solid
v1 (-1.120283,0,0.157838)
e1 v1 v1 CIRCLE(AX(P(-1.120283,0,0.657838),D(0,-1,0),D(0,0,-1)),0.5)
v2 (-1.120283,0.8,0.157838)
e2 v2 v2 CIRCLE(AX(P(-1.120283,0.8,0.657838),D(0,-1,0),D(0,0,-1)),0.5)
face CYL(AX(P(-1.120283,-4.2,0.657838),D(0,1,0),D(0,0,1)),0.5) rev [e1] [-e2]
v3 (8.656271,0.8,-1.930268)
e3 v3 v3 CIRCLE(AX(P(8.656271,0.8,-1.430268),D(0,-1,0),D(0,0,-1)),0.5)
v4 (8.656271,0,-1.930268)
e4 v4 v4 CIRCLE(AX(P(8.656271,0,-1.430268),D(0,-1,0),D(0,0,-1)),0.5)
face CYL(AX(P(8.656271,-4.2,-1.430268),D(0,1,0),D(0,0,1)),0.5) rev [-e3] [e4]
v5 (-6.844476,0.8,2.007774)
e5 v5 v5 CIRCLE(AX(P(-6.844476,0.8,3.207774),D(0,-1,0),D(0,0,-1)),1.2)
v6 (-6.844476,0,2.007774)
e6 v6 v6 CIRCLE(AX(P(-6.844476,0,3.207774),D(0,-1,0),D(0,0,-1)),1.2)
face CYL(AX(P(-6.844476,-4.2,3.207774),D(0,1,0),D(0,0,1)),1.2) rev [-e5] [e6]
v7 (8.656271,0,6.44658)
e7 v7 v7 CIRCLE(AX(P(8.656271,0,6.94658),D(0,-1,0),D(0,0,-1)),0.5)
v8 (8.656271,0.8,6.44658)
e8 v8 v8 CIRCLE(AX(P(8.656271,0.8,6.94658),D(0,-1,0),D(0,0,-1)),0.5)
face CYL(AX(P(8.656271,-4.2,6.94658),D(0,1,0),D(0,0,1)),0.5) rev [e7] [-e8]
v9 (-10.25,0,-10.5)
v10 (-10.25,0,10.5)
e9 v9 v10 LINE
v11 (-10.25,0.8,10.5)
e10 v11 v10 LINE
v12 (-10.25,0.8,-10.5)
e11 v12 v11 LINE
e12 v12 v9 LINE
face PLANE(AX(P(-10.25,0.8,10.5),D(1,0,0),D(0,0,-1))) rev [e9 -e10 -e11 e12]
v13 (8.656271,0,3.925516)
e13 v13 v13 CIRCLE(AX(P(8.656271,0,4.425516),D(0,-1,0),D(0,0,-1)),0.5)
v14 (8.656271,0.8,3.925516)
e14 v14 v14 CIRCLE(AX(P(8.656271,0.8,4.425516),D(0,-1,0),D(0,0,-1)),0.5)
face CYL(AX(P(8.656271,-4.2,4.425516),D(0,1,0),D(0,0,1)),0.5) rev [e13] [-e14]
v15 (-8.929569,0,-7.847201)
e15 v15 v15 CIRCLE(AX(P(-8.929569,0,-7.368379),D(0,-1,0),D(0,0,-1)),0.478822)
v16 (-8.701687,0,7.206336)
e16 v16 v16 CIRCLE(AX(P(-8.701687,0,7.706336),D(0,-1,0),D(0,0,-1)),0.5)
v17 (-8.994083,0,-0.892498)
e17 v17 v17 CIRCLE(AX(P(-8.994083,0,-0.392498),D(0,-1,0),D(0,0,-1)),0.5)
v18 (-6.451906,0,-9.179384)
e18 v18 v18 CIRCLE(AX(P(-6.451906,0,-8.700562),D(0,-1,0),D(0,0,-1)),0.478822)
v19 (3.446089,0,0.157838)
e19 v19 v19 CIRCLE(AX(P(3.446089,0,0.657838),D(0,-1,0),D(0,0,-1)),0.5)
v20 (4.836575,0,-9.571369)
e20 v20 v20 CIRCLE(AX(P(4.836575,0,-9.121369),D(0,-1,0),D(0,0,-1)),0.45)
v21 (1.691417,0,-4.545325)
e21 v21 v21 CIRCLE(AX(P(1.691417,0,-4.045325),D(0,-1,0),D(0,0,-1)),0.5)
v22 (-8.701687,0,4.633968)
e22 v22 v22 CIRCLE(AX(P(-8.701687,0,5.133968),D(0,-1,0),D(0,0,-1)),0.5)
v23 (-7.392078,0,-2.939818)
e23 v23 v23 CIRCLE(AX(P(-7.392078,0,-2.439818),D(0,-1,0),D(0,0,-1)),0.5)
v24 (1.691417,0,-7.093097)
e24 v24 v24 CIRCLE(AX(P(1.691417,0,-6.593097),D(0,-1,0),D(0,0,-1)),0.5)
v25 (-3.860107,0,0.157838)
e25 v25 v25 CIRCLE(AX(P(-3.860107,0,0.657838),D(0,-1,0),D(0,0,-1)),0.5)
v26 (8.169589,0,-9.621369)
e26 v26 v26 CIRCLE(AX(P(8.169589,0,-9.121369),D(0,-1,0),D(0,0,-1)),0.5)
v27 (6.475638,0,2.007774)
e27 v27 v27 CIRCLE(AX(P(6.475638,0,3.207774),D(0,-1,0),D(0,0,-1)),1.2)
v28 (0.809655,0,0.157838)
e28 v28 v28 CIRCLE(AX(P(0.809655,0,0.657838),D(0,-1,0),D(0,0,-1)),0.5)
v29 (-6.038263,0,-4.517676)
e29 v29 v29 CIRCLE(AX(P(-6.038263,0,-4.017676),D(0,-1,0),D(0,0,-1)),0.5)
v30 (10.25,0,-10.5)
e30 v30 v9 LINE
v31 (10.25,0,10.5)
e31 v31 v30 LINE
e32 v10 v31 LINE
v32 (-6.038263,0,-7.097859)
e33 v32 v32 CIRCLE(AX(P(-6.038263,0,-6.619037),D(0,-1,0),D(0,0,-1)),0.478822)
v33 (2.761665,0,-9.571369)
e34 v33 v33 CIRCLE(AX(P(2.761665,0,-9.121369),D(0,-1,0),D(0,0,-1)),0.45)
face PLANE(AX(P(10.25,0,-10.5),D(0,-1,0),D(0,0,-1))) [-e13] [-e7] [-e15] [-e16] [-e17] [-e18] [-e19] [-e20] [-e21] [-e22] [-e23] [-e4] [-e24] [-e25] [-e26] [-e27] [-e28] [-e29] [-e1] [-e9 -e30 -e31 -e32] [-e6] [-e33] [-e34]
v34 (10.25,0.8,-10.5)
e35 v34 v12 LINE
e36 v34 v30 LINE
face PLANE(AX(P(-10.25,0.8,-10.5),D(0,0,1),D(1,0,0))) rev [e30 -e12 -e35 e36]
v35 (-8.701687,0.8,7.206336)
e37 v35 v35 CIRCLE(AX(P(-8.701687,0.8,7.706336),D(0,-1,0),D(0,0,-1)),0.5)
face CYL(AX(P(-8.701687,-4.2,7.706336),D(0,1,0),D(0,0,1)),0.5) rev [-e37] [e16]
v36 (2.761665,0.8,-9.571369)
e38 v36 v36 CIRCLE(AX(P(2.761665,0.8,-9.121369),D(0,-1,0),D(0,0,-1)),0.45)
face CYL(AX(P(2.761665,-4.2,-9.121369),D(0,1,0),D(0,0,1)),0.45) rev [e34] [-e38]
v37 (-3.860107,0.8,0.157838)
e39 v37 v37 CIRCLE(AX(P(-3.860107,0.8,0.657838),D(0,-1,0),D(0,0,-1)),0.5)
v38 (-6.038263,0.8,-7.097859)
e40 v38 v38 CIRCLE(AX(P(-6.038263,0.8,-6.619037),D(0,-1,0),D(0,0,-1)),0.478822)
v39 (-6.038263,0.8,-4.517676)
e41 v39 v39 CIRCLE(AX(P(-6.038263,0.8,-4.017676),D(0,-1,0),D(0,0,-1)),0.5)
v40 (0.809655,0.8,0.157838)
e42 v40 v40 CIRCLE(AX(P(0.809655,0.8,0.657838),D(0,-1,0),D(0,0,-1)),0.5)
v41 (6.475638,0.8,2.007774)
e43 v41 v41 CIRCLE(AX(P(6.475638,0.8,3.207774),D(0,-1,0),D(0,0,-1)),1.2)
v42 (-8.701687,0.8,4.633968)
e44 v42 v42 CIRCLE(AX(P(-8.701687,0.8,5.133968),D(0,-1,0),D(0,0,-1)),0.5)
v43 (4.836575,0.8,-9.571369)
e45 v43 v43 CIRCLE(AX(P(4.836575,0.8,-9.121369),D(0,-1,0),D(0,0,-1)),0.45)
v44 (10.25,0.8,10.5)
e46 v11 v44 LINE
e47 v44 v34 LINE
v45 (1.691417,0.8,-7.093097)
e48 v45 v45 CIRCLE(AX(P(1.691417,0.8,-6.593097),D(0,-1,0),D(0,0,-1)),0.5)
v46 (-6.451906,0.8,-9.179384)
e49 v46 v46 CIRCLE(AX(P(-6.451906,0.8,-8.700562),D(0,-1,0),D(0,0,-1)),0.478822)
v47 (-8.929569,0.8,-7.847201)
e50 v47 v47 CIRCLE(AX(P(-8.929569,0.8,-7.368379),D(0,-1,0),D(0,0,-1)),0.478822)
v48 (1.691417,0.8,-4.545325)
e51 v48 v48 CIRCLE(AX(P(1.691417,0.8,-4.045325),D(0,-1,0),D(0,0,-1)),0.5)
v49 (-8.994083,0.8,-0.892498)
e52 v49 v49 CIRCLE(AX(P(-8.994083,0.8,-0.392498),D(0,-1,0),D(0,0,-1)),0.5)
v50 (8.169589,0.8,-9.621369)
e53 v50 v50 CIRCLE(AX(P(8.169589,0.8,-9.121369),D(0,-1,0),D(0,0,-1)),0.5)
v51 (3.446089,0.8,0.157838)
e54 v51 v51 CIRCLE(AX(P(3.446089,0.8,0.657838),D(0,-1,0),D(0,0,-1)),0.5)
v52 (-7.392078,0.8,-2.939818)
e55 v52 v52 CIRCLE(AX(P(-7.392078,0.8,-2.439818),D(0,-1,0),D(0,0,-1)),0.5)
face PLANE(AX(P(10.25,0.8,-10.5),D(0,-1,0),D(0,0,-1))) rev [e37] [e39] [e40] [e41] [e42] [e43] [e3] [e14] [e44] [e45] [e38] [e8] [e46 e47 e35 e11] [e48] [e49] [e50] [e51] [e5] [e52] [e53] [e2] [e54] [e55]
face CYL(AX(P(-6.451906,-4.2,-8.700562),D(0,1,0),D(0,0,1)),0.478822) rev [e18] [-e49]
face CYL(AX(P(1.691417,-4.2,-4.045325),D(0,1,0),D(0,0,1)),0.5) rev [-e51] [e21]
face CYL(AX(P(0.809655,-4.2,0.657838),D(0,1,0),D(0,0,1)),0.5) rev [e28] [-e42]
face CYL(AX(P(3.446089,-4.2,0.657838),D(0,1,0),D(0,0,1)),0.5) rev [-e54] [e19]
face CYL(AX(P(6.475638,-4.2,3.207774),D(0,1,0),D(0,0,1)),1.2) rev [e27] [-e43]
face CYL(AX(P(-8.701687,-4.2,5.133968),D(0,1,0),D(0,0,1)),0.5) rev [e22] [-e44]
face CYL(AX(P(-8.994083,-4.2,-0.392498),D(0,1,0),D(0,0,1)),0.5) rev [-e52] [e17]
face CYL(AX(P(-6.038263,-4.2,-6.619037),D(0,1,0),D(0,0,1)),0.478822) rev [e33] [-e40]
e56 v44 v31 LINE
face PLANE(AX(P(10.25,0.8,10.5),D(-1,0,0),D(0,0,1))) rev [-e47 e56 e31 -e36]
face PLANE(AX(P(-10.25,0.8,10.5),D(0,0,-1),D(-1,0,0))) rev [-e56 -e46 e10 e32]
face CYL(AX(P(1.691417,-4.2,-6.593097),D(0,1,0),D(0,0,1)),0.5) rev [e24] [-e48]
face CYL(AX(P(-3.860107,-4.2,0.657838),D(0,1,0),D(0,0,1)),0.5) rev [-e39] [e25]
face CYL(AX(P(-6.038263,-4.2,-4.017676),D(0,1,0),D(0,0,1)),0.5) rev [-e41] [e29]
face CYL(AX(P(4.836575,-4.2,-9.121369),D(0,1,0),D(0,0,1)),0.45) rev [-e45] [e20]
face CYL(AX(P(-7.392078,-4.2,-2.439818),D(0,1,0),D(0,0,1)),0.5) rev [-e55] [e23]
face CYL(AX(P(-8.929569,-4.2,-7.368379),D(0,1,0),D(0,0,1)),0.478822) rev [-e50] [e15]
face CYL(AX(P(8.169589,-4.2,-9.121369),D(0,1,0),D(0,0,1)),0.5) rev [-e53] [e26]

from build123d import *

# Parameters (mm, degrees)
ESBO_O1_W                = 20.5
ESBO_O1_H                = 21
RESSALTO_EXTRUS_O1_DEPTH = 0.8
ESBO_O2_R                = 0.5
ESBO_O2_R_2              = 1.2
ESBO_O2_R_3              = 0.45
ESBO_O2_R_4              = 0.478821701
CORTE_EXTRUS_O1_DEPTH    = 5


with BuildPart() as part:
    # Esboço1 → Ressalto-extrusão1 (new body)
    with BuildSketch(Plane(origin=(0, 0, 0), x_dir=(1, 0, 0), z_dir=(0, 1, 0))):
        Rectangle(ESBO_O1_W, ESBO_O1_H)
    extrude(amount=RESSALTO_EXTRUS_O1_DEPTH)

    # Esboço2 → Corte-extrusão1 (cut, symmetric)
    with BuildSketch(Plane(origin=(0, 0.8, 0), x_dir=(1, 0, 0), z_dir=(0, 1, 0))):
        with Locations(Location((8.169588965, 9.121369329, 0), (0, 0, 90))):
            Circle(ESBO_O2_R)
        with Locations(Location((8.656271278, 1.430267657, 0), (0, 0, 90))):
            Circle(ESBO_O2_R)
        with Locations(Location((8.656271278, -4.425515861, 0), (0, 0, 90))):
            Circle(ESBO_O2_R)
        with Locations(Location((8.656271278, -6.946579519, 0), (0, 0, 90))):
            Circle(ESBO_O2_R)
        with Locations(Location((6.475637733, -3.207774386, 0), (0, 0, 90))):
            Circle(ESBO_O2_R_2)
        with Locations(Location((-6.84447605, -3.207774386, 0), (0, 0, 90))):
            Circle(ESBO_O2_R_2)
        with Locations(Location((-8.701687341, -5.133968427, 0), (0, 0, 90))):
            Circle(ESBO_O2_R)
        with Locations(Location((-8.701687341, -7.706335777, 0), (0, 0, 90))):
            Circle(ESBO_O2_R)
        with Locations(Location((4.836575481, 9.121369329, 0), (0, 0, 90))):
            Circle(ESBO_O2_R_3)
        with Locations(Location((2.76166475, 9.121369329, 0), (0, 0, 90))):
            Circle(ESBO_O2_R_3)
        with Locations(Location((1.691416538, 6.593096738, 0), (0, 0, 90))):
            Circle(ESBO_O2_R)
        with Locations(Location((-8.994083212, 0.392498409, 0), (0, 0, 90))):
            Circle(ESBO_O2_R)
        with Locations(Location((-3.86010674, -0.657838238, 0), (0, 0, 90))):
            Circle(ESBO_O2_R)
        with Locations(Location((-1.120283175, -0.657838238, 0), (0, 0, 90))):
            Circle(ESBO_O2_R)
        with Locations(Location((0.809655437, -0.657838238, 0), (0, 0, 90))):
            Circle(ESBO_O2_R)
        with Locations(Location((3.446089433, -0.657838238, 0), (0, 0, 90))):
            Circle(ESBO_O2_R)
        with Locations(Location((1.691416538, 4.045324666, 0), (0, 0, 90))):
            Circle(ESBO_O2_R)
        with Locations(Location((-6.451906001, 8.700562352, 0), (0, 0, 90))):
            Circle(ESBO_O2_R_4)
        with Locations(Location((-6.038262859, 6.619037193, 0), (0, 0, 90))):
            Circle(ESBO_O2_R_4)
        with Locations(Location((-8.92956931, 7.368379214, 0), (0, 0, 90))):
            Circle(ESBO_O2_R_4)
        with Locations(Location((-6.038262859, 4.017675665, 0), (0, 0, 90))):
            Circle(ESBO_O2_R)
        with Locations(Location((-7.392078127, 2.439818031, 0), (0, 0, 90))):
            Circle(ESBO_O2_R)
    extrude(amount=CORTE_EXTRUS_O1_DEPTH, both=True, mode=Mode.SUBTRACT)


solid = part.part
